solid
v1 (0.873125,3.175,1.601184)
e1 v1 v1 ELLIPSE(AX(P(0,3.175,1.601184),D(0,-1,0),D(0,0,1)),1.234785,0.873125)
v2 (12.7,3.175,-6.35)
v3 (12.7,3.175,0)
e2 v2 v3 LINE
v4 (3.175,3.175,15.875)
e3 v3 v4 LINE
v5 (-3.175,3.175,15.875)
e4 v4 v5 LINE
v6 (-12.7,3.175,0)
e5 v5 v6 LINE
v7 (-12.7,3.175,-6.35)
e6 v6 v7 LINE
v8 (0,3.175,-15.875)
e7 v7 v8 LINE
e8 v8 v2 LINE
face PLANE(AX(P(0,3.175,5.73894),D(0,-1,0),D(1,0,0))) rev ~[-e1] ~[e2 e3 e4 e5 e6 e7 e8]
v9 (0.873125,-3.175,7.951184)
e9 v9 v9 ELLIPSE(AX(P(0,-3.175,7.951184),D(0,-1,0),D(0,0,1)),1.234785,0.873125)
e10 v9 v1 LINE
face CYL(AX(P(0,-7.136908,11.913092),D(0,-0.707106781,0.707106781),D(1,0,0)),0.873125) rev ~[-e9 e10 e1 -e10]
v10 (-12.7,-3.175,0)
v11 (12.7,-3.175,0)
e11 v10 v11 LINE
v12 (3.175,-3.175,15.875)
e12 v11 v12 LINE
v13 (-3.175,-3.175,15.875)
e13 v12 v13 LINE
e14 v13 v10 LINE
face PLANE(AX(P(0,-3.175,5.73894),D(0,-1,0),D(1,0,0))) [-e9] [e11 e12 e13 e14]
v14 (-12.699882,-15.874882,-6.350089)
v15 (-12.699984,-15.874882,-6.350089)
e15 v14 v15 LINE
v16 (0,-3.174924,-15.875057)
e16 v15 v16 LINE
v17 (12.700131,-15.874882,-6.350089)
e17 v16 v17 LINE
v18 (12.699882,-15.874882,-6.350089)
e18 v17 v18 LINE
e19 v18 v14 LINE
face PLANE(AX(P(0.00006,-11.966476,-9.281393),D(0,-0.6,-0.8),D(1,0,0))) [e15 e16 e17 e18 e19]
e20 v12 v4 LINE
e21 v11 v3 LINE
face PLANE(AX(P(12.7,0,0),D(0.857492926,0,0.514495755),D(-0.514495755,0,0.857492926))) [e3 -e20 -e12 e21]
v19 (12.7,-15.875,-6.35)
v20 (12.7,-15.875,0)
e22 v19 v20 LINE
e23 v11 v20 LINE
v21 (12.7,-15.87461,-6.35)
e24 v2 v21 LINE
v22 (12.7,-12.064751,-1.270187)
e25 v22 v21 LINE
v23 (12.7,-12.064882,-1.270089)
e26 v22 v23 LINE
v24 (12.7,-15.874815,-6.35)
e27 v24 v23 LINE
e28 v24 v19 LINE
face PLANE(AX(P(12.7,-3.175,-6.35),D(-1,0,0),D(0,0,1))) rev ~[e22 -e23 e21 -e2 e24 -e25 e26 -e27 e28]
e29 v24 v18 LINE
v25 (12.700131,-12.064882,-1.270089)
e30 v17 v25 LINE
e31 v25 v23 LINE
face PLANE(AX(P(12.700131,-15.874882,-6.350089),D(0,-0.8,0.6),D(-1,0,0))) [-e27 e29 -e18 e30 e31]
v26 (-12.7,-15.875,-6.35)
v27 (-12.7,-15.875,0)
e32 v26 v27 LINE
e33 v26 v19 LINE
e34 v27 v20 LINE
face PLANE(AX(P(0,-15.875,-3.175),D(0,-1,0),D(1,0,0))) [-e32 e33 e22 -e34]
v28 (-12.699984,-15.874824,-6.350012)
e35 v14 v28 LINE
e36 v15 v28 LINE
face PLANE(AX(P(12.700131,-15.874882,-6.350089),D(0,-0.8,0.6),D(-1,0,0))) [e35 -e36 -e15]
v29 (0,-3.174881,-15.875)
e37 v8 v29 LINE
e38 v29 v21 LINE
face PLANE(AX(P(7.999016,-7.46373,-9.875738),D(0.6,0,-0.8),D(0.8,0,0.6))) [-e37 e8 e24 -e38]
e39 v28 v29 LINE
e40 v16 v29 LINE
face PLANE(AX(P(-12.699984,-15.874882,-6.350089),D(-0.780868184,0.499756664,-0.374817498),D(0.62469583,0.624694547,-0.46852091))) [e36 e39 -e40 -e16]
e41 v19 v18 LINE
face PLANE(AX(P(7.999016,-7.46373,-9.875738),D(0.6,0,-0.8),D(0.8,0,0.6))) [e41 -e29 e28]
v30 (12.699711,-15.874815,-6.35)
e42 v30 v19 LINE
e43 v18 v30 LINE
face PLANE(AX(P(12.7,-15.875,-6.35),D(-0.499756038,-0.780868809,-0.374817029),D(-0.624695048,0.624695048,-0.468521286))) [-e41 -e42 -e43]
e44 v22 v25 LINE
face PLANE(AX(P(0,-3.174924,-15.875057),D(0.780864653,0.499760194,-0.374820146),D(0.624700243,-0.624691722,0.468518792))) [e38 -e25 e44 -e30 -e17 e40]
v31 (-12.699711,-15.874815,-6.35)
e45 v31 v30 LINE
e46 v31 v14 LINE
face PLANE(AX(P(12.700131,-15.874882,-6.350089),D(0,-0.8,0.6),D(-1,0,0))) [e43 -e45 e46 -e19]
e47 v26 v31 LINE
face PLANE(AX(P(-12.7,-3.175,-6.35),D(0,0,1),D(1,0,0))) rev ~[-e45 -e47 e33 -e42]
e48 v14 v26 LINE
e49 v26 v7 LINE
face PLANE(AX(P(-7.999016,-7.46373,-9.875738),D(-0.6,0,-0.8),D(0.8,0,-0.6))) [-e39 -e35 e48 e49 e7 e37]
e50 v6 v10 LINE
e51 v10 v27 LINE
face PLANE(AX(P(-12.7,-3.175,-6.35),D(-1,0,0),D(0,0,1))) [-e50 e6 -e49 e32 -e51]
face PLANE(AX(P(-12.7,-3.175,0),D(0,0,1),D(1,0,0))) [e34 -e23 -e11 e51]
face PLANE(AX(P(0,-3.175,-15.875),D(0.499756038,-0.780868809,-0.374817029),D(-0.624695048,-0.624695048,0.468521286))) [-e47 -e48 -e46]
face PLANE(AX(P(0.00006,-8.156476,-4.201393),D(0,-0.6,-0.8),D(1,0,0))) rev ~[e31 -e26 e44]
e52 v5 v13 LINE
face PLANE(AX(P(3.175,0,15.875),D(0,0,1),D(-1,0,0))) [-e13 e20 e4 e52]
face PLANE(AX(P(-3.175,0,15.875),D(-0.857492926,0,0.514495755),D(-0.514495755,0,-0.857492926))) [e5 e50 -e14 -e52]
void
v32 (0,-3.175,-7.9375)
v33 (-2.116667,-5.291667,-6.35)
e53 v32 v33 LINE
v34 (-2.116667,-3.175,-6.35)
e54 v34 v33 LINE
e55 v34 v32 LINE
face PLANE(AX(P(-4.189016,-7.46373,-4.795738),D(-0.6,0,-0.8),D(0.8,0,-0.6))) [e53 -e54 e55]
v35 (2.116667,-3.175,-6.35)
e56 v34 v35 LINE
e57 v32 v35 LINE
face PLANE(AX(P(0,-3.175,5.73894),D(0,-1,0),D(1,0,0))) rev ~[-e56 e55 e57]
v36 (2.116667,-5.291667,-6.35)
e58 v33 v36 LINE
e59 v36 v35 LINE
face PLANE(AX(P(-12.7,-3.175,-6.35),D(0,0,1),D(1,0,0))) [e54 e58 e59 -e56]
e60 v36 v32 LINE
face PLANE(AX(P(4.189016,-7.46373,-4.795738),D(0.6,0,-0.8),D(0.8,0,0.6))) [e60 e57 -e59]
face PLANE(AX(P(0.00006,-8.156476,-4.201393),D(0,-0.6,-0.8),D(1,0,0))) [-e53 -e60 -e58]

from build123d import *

# Parameters (mm, degrees)
F1_DEPTH  = 3.175
F2_W      = 25.4
F2_H      = 6.35
F3_DEPTH  = 12.7
F5_DEPTH  = 6.35
F7_DEPTH  = 6.35
F10_DEPTH = 6.35
F13_R     = 0.873125
F14_DEPTH = 25.4


with BuildPart() as f1:
    # F0 (on Front) → F1 (new body, symmetric)
    with BuildSketch(Plane.XZ):
        Polygon((3.175, 15.875), (0, 15.875), (-3.175, 15.875), (-12.7, 0), (12.7, 0), align=None)
        Polygon((12.7, -6.35), (12.7, 0), (-12.7, 0), (-12.7, -6.35), (0, -6.35), align=None)
        Polygon((0, -15.875), (12.7, -6.35), (0, -6.35), align=None)
        Polygon((0, -6.35), (-12.7, -6.35), (0, -15.875), align=None)
    extrude(amount=F1_DEPTH, both=True)

    # F2 (on face) → F3 (join)
    with BuildSketch(Plane.XZ.offset(3.175)):
        with Locations((0, -3.175)):
            Rectangle(F2_W, F2_H)
    extrude(amount=F3_DEPTH)

    # F4 (on face) → F5 (join)
    with BuildSketch(Plane(origin=(7.62, 0, -10.16), x_dir=(0.8, 0, 0.6), z_dir=(0.6, 0, -0.8))):
        Polygon((-9.525, 3.175), (6.35, 3.175), (6.35, 15.875), align=None)
    extrude(amount=-F5_DEPTH)

    # F6 (on face) → F7 (join)
    with BuildSketch(Plane(origin=(-7.62, 0, -10.16), x_dir=(0.8, 0, -0.6), z_dir=(-0.6, 0, -0.8))):
        Polygon((-6.35, 15.875), (-6.35, 3.175), (9.525, 3.175), align=None)
    extrude(amount=-F7_DEPTH)

    # F9 (on 3pt) → F10 (join)
    with BuildSketch(Plane(origin=(0, -8.763, -11.684), x_dir=(1, 0, 0), z_dir=(0, -0.6, -0.8))):
        Polygon((0, -6.9850953296), (12.700131163, 8.8898520917), (-12.699984014, 8.8898520917), align=None)
    extrude(amount=-F10_DEPTH)

    # F13 (on 3pt) → F14 (cut)
    with BuildSketch(Plane(origin=(0, -9.525, 9.525), x_dir=(1, 0, 0), z_dir=(0, -0.7071067812, 0.7071067812))):
        with Locations((0, 3.3772722036)):
            Circle(F13_R)
    extrude(amount=-F14_DEPTH, mode=Mode.SUBTRACT)


solid = f1.part
